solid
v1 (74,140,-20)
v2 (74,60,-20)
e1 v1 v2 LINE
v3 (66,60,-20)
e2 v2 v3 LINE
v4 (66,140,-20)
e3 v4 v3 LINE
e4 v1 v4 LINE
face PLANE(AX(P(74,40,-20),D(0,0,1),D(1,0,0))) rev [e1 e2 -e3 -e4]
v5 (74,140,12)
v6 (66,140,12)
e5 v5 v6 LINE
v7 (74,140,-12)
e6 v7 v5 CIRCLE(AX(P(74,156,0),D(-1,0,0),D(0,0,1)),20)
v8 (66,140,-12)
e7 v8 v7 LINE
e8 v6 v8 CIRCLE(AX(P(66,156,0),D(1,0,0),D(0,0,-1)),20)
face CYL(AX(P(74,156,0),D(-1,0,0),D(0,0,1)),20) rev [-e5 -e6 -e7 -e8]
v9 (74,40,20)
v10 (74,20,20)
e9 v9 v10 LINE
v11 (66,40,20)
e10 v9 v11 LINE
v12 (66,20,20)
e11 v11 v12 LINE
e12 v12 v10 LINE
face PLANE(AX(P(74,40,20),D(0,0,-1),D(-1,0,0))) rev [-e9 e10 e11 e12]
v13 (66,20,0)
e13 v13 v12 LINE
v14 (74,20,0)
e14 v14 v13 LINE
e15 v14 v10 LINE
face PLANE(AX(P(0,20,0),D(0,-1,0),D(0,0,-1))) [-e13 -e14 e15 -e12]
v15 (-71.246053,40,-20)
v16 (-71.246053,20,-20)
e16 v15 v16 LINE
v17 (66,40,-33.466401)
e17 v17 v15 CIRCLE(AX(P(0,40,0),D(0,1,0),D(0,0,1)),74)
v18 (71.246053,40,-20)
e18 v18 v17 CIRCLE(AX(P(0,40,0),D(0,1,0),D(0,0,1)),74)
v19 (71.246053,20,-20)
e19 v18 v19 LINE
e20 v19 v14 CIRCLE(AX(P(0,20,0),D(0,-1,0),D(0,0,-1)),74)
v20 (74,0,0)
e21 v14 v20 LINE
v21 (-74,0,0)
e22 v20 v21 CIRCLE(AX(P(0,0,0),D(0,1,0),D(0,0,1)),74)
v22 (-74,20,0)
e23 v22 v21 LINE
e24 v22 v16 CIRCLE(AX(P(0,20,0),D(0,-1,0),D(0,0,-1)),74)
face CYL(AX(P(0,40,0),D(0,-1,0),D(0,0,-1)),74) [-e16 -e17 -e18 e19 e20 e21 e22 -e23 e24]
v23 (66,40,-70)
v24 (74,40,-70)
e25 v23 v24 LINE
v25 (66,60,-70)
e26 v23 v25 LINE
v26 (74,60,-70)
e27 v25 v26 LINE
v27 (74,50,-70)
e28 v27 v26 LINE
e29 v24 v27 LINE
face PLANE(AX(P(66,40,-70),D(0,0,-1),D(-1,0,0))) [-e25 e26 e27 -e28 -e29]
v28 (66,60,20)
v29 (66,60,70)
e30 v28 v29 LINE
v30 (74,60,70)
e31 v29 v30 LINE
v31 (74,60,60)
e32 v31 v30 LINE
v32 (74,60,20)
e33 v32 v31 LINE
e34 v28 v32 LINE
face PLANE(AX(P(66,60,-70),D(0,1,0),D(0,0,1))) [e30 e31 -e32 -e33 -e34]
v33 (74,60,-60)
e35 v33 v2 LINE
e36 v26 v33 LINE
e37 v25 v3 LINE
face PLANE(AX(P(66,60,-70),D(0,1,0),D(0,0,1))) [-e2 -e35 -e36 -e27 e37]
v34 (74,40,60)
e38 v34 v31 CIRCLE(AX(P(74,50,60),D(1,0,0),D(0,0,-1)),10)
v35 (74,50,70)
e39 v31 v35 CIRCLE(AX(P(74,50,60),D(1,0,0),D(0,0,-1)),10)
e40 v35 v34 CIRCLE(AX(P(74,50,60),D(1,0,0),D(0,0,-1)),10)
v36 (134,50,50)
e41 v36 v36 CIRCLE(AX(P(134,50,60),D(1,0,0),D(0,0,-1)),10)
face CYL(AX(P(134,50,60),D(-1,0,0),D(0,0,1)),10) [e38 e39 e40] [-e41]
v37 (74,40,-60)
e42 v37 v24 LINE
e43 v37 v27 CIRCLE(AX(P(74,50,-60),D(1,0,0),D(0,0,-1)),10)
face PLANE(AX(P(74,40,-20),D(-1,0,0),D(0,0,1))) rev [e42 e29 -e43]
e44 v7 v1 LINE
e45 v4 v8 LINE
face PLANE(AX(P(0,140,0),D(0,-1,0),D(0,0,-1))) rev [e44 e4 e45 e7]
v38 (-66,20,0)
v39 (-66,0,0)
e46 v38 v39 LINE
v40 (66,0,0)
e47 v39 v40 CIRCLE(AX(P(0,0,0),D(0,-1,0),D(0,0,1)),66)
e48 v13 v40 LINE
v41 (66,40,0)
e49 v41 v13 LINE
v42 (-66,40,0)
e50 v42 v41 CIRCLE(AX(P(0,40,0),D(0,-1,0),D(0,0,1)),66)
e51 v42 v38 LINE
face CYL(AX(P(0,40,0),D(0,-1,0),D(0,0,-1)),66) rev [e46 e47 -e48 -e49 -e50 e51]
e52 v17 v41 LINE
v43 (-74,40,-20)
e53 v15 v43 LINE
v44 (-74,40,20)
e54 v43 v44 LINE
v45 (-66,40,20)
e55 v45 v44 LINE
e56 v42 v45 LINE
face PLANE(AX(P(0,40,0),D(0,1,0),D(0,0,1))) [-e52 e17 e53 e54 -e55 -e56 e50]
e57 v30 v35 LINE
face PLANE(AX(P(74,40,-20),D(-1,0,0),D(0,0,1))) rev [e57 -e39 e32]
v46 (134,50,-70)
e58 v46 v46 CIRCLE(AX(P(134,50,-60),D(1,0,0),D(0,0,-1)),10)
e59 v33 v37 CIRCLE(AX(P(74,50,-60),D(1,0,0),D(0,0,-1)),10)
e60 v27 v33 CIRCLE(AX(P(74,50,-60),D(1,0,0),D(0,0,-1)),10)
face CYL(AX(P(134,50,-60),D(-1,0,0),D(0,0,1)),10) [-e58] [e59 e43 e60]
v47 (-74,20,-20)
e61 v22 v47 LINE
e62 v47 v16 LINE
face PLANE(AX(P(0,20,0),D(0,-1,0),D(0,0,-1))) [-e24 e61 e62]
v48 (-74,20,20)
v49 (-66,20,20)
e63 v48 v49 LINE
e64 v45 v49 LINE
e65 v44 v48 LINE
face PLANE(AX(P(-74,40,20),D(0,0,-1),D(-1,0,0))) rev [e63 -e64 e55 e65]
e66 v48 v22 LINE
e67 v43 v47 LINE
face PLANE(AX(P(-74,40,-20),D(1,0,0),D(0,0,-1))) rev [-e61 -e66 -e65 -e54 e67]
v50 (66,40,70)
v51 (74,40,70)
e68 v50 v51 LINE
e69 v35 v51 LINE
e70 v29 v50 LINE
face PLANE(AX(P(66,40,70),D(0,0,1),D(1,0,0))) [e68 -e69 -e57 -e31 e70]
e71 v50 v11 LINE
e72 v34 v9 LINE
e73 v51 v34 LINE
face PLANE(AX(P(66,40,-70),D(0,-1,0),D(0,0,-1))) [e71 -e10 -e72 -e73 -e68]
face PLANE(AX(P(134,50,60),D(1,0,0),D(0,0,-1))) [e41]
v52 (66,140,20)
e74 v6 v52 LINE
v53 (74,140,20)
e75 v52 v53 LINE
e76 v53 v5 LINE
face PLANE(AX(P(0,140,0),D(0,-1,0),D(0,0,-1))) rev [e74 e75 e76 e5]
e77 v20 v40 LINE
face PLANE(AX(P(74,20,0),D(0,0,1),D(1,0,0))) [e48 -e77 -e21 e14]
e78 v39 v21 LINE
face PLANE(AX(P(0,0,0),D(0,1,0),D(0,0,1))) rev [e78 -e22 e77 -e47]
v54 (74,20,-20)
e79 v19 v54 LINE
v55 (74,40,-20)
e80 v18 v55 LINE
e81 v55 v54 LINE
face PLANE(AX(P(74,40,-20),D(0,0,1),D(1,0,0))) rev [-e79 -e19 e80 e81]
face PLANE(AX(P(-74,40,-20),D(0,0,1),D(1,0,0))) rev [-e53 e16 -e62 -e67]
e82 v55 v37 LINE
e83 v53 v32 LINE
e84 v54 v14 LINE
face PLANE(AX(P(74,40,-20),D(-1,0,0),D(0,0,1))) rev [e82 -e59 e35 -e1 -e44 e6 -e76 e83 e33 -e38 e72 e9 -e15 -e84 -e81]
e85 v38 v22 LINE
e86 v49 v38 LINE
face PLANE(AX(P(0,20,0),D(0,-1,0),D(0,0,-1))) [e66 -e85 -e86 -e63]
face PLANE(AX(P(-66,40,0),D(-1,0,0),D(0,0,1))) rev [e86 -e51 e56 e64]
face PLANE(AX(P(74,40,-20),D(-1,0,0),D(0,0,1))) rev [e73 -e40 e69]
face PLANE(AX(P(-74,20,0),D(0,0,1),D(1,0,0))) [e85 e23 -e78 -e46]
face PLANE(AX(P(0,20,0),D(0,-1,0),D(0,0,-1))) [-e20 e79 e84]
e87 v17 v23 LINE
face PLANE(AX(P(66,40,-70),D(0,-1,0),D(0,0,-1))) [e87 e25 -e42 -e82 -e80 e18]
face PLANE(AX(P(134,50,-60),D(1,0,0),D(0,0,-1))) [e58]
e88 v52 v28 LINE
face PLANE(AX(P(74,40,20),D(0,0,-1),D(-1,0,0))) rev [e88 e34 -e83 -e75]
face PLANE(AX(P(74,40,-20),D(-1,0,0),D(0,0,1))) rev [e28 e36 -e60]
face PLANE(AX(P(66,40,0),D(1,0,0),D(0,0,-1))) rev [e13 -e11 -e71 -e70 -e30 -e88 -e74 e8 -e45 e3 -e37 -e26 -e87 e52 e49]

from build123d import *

# Parameters (mm, degrees)
EXTRUDE_1_DEPTH     = 40
SKETCH_2_W          = 8
SKETCH_2_H          = 40
EXTRUDE_2_DEPTH     = 100
SKETCH_3_R          = 20
CUT_EXTRUDE_1_DEPTH = 149
SKETCH_4_W          = 49.783903804
SKETCH_4_H          = 113.982309312
CUT_EXTRUDE_3_DEPTH = 10
SKETCH_5_R          = 84.762192866
CUT_EXTRUDE_4_DEPTH = 20
SKETCH_6_W          = 140
SKETCH_6_H          = 20
EXTRUDE_3_DEPTH     = 8
SKETCH_7_R          = 10
EXTRUDE_4_DEPTH     = 60


with BuildPart() as part:
    # 草图1 → 凸台-拉伸1 (new body)
    with BuildSketch(Plane(origin=(0, 0, 0), x_dir=(1, 0, 0), z_dir=(0, 1, 0))):
        with BuildLine():
            Line((-74, 20), (-71.246052522, 20))
            ThreePointArc((-71.246052522, 20), (0, 74), (71.246052522, 20))
            Line((71.246052522, 20), (74, 20))
            Line((74, 20), (74, -20))
            Line((74, -20), (66, -20))
            Line((66, -20), (66, 0))
            ThreePointArc((66, 0), (0, 66), (-66, 0))
            Line((-66, 0), (-66, -20))
            Line((-66, -20), (-74, -20))
            Line((-74, -20), (-74, 20))
        make_face()
    extrude(amount=EXTRUDE_1_DEPTH)

    # 草图2 → 凸台-拉伸2 (add)
    with BuildSketch(Plane(origin=(0, 40, 0), x_dir=(1, 0, 0), z_dir=(0, 1, 0))):
        with Locations((-70, 0)):
            Rectangle(SKETCH_2_W, SKETCH_2_H)
        with Locations((70, 0)):
            Rectangle(SKETCH_2_W, SKETCH_2_H)
    extrude(amount=EXTRUDE_2_DEPTH)

    # 草图3 → 切除-拉伸1 (cut, through all)
    with BuildSketch(Plane.ZY.offset(74)):
        with Locations((0, 156)):
            Circle(SKETCH_3_R)
    extrude(amount=-CUT_EXTRUDE_1_DEPTH, mode=Mode.SUBTRACT)

    # 草图4 → 切除-拉伸3 (cut)
    with BuildSketch(Plane.ZY.offset(74)):
        with Locations((4.891951902, 96.991154656)):
            Rectangle(SKETCH_4_W, SKETCH_4_H)
    extrude(amount=-CUT_EXTRUDE_3_DEPTH, mode=Mode.SUBTRACT)

    # 草图5 → 切除-拉伸4 (cut)
    with BuildSketch(Plane.XZ):
        Circle(SKETCH_5_R)
        with BuildLine():
            Line((-71.246052522, 20), (-66, 20))
            Line((-66, 20), (-66, 0))
            Line((-66, 0), (-74, 0))
            ThreePointArc((-74, 0), (0, -74), (74, 0))
            Line((74, 0), (66, 0))
            Line((66, 0), (66, 20))
            Line((66, 20), (71.246052522, 20))
            ThreePointArc((71.246052522, 20), (0, 74), (-71.246052522, 20))
        make_face(mode=Mode.SUBTRACT)
    extrude(amount=-CUT_EXTRUDE_4_DEPTH, mode=Mode.SUBTRACT)

    # 草图6 → 凸台-拉伸3 (add)
    with BuildSketch(Plane(origin=(74, 0, 0), x_dir=(0, 0, -1), z_dir=(1, 0, 0))):
        with Locations((0, 50)):
            Rectangle(SKETCH_6_W, SKETCH_6_H)
    extrude(amount=-EXTRUDE_3_DEPTH)

    # 草图7 → 凸台-拉伸4 (add)
    with BuildSketch(Plane(origin=(74, 0, 0), x_dir=(0, 0, -1), z_dir=(1, 0, 0))):
        with Locations((-60, 50)):
            Circle(SKETCH_7_R)
        with Locations((60, 50)):
            Circle(SKETCH_7_R)
    extrude(amount=EXTRUDE_4_DEPTH)


solid = part.part
